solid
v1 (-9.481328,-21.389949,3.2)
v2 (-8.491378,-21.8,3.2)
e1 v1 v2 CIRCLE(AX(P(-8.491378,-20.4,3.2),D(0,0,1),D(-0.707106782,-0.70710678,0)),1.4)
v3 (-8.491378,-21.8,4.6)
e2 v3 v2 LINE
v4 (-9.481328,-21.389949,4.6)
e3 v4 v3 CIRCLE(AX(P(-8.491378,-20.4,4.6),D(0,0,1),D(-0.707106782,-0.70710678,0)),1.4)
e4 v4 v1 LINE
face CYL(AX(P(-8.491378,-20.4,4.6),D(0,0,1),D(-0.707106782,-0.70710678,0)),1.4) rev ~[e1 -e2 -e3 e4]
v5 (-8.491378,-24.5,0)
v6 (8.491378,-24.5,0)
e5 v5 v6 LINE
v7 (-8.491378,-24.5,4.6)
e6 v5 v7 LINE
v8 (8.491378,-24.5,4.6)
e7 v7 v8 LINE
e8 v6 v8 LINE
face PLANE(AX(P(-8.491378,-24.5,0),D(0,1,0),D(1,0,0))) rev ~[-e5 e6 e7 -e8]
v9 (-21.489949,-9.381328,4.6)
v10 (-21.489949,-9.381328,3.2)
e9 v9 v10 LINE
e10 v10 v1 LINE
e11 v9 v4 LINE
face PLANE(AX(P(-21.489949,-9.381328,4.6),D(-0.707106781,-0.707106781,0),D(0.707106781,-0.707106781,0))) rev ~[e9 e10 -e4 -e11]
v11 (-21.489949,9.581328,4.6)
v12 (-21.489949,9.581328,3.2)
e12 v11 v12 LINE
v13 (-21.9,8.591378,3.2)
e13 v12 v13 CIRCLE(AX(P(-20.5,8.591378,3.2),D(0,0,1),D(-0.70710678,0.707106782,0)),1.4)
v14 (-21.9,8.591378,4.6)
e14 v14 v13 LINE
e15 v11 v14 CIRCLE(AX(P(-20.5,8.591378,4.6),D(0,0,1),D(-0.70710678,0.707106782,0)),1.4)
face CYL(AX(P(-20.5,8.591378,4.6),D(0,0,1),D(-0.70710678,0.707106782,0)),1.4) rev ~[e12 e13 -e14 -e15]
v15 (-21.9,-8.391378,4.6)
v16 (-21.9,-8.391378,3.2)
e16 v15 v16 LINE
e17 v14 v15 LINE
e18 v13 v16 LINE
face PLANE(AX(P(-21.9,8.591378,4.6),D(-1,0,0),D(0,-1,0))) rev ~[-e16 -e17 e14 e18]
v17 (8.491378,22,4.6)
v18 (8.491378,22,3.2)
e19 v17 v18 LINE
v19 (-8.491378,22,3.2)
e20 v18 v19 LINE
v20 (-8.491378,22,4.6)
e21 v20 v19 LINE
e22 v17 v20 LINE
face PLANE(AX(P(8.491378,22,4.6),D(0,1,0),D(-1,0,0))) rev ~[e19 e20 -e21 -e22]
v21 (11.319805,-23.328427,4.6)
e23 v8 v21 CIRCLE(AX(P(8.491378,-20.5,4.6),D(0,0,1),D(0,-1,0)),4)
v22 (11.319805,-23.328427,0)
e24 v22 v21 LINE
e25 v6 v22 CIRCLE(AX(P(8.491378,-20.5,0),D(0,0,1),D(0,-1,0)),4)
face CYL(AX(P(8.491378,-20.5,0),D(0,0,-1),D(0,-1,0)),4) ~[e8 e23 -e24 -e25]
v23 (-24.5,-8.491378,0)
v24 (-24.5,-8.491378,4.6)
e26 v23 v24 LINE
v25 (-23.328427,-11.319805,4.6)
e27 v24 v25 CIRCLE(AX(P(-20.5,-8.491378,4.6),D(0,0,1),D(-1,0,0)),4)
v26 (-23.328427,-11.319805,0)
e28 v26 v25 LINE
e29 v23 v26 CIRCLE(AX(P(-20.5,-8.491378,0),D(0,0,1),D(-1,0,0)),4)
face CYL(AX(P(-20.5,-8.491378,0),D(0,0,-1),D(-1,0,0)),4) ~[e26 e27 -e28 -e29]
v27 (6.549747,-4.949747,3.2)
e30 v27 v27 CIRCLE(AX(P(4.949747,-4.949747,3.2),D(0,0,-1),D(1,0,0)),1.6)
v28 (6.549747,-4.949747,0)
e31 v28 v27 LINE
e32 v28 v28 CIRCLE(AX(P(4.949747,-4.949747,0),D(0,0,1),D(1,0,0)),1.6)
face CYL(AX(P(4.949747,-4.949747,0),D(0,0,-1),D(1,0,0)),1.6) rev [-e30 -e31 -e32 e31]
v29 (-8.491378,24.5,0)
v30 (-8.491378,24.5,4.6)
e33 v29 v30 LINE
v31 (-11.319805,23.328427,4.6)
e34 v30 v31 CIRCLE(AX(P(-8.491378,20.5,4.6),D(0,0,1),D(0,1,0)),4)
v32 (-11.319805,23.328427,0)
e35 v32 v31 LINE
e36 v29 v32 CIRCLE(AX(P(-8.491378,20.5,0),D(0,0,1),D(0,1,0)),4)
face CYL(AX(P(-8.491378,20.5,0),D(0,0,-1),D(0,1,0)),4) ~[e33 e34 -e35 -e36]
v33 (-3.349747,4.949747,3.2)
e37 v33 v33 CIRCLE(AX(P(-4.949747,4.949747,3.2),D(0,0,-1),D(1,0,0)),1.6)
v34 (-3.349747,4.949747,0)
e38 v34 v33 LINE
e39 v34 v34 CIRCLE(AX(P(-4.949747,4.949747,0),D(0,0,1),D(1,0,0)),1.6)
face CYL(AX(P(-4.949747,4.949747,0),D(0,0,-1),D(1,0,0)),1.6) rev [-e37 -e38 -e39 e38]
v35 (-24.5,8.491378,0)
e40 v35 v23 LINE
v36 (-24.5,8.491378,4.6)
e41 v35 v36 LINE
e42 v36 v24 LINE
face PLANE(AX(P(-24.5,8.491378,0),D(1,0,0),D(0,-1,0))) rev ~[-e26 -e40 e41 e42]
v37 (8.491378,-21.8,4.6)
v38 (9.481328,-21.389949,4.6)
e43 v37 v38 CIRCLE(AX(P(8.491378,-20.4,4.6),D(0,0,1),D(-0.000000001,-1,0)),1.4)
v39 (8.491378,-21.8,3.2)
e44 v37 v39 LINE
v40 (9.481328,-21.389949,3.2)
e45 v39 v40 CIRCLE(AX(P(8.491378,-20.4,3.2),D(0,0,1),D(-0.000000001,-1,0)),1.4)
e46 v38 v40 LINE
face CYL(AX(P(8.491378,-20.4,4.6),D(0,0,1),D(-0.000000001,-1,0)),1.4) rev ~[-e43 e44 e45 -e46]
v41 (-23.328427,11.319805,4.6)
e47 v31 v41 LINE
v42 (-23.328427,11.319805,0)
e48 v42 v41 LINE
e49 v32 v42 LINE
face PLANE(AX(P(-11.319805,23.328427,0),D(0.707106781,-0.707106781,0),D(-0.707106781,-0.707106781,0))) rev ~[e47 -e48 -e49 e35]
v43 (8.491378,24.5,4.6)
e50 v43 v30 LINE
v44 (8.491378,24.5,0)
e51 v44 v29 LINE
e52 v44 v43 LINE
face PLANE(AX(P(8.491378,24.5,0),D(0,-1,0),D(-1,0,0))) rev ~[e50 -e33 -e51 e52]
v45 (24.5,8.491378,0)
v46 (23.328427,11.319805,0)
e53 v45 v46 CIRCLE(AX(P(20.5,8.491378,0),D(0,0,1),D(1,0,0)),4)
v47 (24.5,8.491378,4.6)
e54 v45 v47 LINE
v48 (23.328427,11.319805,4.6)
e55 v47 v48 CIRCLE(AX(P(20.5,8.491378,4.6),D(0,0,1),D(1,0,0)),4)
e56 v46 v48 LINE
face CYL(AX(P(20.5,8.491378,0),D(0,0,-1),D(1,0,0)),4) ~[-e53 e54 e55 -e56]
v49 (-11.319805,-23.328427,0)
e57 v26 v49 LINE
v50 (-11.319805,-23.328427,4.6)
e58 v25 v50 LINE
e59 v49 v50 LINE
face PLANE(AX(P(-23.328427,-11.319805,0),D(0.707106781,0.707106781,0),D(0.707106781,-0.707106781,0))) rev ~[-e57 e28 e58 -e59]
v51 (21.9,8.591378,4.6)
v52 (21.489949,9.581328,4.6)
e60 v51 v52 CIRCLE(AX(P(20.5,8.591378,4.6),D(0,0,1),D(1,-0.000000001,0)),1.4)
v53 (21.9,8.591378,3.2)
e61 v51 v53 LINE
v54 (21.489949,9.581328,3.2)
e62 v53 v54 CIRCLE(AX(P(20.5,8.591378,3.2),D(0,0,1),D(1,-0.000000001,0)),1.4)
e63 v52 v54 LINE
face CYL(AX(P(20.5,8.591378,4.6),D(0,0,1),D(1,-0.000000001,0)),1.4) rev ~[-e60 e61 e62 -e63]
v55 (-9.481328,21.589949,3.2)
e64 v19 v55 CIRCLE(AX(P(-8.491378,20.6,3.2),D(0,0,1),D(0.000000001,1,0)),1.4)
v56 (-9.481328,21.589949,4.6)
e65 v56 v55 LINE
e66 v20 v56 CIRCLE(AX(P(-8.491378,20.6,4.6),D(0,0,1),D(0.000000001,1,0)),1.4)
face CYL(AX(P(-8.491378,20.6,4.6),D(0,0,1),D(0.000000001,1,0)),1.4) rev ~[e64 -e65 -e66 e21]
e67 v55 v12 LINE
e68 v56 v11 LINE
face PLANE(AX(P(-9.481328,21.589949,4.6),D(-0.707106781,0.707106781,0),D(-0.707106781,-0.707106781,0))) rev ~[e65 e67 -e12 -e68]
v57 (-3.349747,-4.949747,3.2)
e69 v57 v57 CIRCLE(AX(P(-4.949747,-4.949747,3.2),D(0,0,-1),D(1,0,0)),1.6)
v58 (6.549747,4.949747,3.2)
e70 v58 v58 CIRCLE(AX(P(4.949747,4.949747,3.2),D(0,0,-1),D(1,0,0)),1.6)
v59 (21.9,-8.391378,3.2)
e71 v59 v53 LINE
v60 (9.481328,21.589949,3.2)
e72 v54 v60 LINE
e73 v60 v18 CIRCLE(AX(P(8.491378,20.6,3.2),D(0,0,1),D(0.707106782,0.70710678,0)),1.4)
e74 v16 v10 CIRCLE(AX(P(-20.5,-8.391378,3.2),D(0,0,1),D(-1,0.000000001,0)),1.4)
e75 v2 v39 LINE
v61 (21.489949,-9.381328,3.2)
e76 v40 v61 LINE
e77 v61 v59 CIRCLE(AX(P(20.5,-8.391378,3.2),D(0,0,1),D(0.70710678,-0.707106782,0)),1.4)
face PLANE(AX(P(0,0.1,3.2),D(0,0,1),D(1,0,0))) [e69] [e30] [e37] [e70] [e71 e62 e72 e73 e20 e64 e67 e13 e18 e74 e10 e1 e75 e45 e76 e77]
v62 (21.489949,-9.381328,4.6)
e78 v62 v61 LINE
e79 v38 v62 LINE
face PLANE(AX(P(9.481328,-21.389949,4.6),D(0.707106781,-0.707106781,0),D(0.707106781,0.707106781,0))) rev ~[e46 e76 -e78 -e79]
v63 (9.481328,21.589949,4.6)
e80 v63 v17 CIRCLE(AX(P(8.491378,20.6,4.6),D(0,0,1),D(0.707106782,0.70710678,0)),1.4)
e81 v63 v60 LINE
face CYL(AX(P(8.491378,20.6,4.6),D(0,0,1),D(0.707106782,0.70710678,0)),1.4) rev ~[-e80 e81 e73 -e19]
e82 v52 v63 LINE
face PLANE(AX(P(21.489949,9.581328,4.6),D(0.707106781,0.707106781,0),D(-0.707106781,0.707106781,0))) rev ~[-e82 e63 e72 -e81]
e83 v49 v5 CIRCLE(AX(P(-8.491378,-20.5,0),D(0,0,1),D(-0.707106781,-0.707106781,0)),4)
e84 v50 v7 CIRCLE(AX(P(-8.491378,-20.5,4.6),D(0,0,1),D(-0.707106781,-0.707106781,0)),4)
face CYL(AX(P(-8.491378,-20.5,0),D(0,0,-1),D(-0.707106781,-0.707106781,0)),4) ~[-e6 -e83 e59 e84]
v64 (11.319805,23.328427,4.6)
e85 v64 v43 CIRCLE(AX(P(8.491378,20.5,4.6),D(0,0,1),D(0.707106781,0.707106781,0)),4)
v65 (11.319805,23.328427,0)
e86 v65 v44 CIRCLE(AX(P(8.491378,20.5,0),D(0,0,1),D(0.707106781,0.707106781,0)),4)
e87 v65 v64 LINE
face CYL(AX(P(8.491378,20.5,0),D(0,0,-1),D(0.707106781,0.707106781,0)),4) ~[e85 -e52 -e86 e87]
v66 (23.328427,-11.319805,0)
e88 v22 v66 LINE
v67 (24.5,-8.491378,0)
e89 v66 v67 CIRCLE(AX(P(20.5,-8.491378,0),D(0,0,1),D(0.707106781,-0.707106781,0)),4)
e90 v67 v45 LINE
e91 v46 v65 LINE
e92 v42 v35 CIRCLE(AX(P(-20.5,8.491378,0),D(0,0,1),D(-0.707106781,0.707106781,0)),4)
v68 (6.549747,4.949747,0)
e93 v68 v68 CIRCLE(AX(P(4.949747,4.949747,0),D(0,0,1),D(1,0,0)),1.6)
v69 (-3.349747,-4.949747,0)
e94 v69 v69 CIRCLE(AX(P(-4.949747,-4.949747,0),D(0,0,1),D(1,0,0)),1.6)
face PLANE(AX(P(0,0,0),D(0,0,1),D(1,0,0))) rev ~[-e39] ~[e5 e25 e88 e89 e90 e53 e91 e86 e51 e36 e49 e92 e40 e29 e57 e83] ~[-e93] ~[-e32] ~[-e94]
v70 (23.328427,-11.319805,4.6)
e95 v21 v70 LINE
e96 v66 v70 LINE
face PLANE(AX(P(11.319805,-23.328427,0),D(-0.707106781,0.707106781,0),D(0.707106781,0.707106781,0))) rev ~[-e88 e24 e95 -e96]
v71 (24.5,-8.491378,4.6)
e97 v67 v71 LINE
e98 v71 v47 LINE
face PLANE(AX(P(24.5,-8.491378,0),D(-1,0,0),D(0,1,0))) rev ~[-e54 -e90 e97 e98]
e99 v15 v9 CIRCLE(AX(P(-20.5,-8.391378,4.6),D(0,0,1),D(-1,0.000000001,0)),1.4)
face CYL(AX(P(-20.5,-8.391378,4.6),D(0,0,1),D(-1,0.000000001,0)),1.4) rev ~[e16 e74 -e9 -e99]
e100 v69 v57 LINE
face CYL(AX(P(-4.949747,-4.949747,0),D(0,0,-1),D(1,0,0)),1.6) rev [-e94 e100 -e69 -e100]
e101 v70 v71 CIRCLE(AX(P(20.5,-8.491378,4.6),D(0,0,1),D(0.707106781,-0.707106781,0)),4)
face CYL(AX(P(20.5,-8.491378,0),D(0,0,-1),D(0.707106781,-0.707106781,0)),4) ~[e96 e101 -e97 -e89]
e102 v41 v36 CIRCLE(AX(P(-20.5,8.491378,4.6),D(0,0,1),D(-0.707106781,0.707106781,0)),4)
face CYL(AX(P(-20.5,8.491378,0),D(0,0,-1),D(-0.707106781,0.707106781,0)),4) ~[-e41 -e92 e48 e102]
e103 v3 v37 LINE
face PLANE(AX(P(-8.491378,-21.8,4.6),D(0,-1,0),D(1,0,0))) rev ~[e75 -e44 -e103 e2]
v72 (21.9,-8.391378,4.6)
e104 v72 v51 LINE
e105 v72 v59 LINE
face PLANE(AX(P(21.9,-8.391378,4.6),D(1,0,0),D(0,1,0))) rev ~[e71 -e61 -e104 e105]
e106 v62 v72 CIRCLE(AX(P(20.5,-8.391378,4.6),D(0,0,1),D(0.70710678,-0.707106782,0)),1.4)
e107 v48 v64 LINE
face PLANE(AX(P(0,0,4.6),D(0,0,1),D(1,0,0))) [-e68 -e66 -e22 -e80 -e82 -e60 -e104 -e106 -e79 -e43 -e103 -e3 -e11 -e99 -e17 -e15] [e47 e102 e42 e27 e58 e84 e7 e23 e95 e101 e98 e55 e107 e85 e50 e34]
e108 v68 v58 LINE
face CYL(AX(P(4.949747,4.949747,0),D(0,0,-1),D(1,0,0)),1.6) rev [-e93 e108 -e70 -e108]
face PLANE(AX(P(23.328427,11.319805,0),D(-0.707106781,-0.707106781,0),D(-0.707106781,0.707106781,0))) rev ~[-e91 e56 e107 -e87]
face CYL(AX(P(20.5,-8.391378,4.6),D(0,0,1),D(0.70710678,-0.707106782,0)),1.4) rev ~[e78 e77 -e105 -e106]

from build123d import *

# Parameters (mm, degrees)
SKETCH1_R           = 1.6
BOSS_EXTRUDE1_DEPTH = 4.6
CUT_EXTRUDE2_DEPTH  = 1.4


with BuildPart() as part:
    # Sketch1 → Boss-Extrude1 (new body)
    with BuildSketch(Plane.XY):
        with BuildLine():
            Line((-11.319805153, 23.328427125), (-23.328427125, 11.319805153))
            ThreePointArc((-23.328427125, 11.319805153), (-24.19551813, 10.022111758), (-24.5, 8.491378029))
            Line((-24.5, 8.491378029), (-24.5, -8.491378029))
            ThreePointArc((-24.5, -8.491378029), (-24.19551813, -10.022111758), (-23.328427125, -11.319805153))
            Line((-23.328427125, -11.319805153), (-11.319805153, -23.328427125))
            ThreePointArc((-11.319805153, -23.328427125), (-10.022111758, -24.19551813), (-8.491378029, -24.5))
            Line((-8.491378029, -24.5), (8.491378029, -24.5))
            ThreePointArc((8.491378029, -24.5), (10.022111758, -24.19551813), (11.319805153, -23.328427125))
            Line((11.319805153, -23.328427125), (23.328427125, -11.319805153))
            ThreePointArc((23.328427125, -11.319805153), (24.19551813, -10.022111758), (24.5, -8.491378029))
            Line((24.5, -8.491378029), (24.5, 8.491378029))
            ThreePointArc((24.5, 8.491378029), (24.19551813, 10.022111758), (23.328427125, 11.319805153))
            Line((23.328427125, 11.319805153), (11.319805153, 23.328427125))
            ThreePointArc((11.319805153, 23.328427125), (10.022111758, 24.19551813), (8.491378029, 24.5))
            Line((8.491378029, 24.5), (-8.491378029, 24.5))
            ThreePointArc((-8.491378029, 24.5), (-10.022111758, 24.19551813), (-11.319805153, 23.328427125))
        make_face()
        with Locations((-4.949747468, 4.949747468)):
            Circle(SKETCH1_R, mode=Mode.SUBTRACT)
        with Locations((4.949747468, 4.949747468)):
            Circle(SKETCH1_R, mode=Mode.SUBTRACT)
        with Locations((4.949747468, -4.949747468)):
            Circle(SKETCH1_R, mode=Mode.SUBTRACT)
        with Locations((-4.949747468, -4.949747468)):
            Circle(SKETCH1_R, mode=Mode.SUBTRACT)
    extrude(amount=BOSS_EXTRUDE1_DEPTH)

    # Sketch3 → Cut-Extrude2 (cut)
    with BuildSketch(Plane.XY.offset(4.6)):
        with BuildLine():
            Line((8.491378029, 22), (-8.491378029, 22))
            ThreePointArc((-8.491378029, 22), (-9.027134834, 21.893431346), (-9.481327522, 21.589949494))
            Line((-9.481327522, 21.589949494), (-21.489949494, 9.581327522))
            ThreePointArc((-21.489949494, 9.581327522), (-21.793431346, 9.127134834), (-21.9, 8.591378029))
            Line((-21.9, 8.591378029), (-21.9, -8.391378029))
            ThreePointArc((-21.9, -8.391378029), (-21.793431346, -8.927134834), (-21.489949494, -9.381327522))
            Line((-21.489949494, -9.381327522), (-9.481327522, -21.389949494))
            ThreePointArc((-9.481327522, -21.389949494), (-9.027134834, -21.693431346), (-8.491378029, -21.8))
            Line((-8.491378029, -21.8), (8.491378029, -21.8))
            ThreePointArc((8.491378029, -21.8), (9.027134834, -21.693431346), (9.481327522, -21.389949494))
            Line((9.481327522, -21.389949494), (21.489949494, -9.381327522))
            ThreePointArc((21.489949494, -9.381327522), (21.793431346, -8.927134834), (21.9, -8.391378029))
            Line((21.9, -8.391378029), (21.9, 8.591378029))
            ThreePointArc((21.9, 8.591378029), (21.793431346, 9.127134834), (21.489949494, 9.581327522))
            Line((21.489949494, 9.581327522), (9.481327522, 21.589949494))
            ThreePointArc((9.481327522, 21.589949494), (9.027134834, 21.893431346), (8.491378029, 22))
        make_face()
    extrude(amount=-CUT_EXTRUDE2_DEPTH, mode=Mode.SUBTRACT)


solid = part.part
